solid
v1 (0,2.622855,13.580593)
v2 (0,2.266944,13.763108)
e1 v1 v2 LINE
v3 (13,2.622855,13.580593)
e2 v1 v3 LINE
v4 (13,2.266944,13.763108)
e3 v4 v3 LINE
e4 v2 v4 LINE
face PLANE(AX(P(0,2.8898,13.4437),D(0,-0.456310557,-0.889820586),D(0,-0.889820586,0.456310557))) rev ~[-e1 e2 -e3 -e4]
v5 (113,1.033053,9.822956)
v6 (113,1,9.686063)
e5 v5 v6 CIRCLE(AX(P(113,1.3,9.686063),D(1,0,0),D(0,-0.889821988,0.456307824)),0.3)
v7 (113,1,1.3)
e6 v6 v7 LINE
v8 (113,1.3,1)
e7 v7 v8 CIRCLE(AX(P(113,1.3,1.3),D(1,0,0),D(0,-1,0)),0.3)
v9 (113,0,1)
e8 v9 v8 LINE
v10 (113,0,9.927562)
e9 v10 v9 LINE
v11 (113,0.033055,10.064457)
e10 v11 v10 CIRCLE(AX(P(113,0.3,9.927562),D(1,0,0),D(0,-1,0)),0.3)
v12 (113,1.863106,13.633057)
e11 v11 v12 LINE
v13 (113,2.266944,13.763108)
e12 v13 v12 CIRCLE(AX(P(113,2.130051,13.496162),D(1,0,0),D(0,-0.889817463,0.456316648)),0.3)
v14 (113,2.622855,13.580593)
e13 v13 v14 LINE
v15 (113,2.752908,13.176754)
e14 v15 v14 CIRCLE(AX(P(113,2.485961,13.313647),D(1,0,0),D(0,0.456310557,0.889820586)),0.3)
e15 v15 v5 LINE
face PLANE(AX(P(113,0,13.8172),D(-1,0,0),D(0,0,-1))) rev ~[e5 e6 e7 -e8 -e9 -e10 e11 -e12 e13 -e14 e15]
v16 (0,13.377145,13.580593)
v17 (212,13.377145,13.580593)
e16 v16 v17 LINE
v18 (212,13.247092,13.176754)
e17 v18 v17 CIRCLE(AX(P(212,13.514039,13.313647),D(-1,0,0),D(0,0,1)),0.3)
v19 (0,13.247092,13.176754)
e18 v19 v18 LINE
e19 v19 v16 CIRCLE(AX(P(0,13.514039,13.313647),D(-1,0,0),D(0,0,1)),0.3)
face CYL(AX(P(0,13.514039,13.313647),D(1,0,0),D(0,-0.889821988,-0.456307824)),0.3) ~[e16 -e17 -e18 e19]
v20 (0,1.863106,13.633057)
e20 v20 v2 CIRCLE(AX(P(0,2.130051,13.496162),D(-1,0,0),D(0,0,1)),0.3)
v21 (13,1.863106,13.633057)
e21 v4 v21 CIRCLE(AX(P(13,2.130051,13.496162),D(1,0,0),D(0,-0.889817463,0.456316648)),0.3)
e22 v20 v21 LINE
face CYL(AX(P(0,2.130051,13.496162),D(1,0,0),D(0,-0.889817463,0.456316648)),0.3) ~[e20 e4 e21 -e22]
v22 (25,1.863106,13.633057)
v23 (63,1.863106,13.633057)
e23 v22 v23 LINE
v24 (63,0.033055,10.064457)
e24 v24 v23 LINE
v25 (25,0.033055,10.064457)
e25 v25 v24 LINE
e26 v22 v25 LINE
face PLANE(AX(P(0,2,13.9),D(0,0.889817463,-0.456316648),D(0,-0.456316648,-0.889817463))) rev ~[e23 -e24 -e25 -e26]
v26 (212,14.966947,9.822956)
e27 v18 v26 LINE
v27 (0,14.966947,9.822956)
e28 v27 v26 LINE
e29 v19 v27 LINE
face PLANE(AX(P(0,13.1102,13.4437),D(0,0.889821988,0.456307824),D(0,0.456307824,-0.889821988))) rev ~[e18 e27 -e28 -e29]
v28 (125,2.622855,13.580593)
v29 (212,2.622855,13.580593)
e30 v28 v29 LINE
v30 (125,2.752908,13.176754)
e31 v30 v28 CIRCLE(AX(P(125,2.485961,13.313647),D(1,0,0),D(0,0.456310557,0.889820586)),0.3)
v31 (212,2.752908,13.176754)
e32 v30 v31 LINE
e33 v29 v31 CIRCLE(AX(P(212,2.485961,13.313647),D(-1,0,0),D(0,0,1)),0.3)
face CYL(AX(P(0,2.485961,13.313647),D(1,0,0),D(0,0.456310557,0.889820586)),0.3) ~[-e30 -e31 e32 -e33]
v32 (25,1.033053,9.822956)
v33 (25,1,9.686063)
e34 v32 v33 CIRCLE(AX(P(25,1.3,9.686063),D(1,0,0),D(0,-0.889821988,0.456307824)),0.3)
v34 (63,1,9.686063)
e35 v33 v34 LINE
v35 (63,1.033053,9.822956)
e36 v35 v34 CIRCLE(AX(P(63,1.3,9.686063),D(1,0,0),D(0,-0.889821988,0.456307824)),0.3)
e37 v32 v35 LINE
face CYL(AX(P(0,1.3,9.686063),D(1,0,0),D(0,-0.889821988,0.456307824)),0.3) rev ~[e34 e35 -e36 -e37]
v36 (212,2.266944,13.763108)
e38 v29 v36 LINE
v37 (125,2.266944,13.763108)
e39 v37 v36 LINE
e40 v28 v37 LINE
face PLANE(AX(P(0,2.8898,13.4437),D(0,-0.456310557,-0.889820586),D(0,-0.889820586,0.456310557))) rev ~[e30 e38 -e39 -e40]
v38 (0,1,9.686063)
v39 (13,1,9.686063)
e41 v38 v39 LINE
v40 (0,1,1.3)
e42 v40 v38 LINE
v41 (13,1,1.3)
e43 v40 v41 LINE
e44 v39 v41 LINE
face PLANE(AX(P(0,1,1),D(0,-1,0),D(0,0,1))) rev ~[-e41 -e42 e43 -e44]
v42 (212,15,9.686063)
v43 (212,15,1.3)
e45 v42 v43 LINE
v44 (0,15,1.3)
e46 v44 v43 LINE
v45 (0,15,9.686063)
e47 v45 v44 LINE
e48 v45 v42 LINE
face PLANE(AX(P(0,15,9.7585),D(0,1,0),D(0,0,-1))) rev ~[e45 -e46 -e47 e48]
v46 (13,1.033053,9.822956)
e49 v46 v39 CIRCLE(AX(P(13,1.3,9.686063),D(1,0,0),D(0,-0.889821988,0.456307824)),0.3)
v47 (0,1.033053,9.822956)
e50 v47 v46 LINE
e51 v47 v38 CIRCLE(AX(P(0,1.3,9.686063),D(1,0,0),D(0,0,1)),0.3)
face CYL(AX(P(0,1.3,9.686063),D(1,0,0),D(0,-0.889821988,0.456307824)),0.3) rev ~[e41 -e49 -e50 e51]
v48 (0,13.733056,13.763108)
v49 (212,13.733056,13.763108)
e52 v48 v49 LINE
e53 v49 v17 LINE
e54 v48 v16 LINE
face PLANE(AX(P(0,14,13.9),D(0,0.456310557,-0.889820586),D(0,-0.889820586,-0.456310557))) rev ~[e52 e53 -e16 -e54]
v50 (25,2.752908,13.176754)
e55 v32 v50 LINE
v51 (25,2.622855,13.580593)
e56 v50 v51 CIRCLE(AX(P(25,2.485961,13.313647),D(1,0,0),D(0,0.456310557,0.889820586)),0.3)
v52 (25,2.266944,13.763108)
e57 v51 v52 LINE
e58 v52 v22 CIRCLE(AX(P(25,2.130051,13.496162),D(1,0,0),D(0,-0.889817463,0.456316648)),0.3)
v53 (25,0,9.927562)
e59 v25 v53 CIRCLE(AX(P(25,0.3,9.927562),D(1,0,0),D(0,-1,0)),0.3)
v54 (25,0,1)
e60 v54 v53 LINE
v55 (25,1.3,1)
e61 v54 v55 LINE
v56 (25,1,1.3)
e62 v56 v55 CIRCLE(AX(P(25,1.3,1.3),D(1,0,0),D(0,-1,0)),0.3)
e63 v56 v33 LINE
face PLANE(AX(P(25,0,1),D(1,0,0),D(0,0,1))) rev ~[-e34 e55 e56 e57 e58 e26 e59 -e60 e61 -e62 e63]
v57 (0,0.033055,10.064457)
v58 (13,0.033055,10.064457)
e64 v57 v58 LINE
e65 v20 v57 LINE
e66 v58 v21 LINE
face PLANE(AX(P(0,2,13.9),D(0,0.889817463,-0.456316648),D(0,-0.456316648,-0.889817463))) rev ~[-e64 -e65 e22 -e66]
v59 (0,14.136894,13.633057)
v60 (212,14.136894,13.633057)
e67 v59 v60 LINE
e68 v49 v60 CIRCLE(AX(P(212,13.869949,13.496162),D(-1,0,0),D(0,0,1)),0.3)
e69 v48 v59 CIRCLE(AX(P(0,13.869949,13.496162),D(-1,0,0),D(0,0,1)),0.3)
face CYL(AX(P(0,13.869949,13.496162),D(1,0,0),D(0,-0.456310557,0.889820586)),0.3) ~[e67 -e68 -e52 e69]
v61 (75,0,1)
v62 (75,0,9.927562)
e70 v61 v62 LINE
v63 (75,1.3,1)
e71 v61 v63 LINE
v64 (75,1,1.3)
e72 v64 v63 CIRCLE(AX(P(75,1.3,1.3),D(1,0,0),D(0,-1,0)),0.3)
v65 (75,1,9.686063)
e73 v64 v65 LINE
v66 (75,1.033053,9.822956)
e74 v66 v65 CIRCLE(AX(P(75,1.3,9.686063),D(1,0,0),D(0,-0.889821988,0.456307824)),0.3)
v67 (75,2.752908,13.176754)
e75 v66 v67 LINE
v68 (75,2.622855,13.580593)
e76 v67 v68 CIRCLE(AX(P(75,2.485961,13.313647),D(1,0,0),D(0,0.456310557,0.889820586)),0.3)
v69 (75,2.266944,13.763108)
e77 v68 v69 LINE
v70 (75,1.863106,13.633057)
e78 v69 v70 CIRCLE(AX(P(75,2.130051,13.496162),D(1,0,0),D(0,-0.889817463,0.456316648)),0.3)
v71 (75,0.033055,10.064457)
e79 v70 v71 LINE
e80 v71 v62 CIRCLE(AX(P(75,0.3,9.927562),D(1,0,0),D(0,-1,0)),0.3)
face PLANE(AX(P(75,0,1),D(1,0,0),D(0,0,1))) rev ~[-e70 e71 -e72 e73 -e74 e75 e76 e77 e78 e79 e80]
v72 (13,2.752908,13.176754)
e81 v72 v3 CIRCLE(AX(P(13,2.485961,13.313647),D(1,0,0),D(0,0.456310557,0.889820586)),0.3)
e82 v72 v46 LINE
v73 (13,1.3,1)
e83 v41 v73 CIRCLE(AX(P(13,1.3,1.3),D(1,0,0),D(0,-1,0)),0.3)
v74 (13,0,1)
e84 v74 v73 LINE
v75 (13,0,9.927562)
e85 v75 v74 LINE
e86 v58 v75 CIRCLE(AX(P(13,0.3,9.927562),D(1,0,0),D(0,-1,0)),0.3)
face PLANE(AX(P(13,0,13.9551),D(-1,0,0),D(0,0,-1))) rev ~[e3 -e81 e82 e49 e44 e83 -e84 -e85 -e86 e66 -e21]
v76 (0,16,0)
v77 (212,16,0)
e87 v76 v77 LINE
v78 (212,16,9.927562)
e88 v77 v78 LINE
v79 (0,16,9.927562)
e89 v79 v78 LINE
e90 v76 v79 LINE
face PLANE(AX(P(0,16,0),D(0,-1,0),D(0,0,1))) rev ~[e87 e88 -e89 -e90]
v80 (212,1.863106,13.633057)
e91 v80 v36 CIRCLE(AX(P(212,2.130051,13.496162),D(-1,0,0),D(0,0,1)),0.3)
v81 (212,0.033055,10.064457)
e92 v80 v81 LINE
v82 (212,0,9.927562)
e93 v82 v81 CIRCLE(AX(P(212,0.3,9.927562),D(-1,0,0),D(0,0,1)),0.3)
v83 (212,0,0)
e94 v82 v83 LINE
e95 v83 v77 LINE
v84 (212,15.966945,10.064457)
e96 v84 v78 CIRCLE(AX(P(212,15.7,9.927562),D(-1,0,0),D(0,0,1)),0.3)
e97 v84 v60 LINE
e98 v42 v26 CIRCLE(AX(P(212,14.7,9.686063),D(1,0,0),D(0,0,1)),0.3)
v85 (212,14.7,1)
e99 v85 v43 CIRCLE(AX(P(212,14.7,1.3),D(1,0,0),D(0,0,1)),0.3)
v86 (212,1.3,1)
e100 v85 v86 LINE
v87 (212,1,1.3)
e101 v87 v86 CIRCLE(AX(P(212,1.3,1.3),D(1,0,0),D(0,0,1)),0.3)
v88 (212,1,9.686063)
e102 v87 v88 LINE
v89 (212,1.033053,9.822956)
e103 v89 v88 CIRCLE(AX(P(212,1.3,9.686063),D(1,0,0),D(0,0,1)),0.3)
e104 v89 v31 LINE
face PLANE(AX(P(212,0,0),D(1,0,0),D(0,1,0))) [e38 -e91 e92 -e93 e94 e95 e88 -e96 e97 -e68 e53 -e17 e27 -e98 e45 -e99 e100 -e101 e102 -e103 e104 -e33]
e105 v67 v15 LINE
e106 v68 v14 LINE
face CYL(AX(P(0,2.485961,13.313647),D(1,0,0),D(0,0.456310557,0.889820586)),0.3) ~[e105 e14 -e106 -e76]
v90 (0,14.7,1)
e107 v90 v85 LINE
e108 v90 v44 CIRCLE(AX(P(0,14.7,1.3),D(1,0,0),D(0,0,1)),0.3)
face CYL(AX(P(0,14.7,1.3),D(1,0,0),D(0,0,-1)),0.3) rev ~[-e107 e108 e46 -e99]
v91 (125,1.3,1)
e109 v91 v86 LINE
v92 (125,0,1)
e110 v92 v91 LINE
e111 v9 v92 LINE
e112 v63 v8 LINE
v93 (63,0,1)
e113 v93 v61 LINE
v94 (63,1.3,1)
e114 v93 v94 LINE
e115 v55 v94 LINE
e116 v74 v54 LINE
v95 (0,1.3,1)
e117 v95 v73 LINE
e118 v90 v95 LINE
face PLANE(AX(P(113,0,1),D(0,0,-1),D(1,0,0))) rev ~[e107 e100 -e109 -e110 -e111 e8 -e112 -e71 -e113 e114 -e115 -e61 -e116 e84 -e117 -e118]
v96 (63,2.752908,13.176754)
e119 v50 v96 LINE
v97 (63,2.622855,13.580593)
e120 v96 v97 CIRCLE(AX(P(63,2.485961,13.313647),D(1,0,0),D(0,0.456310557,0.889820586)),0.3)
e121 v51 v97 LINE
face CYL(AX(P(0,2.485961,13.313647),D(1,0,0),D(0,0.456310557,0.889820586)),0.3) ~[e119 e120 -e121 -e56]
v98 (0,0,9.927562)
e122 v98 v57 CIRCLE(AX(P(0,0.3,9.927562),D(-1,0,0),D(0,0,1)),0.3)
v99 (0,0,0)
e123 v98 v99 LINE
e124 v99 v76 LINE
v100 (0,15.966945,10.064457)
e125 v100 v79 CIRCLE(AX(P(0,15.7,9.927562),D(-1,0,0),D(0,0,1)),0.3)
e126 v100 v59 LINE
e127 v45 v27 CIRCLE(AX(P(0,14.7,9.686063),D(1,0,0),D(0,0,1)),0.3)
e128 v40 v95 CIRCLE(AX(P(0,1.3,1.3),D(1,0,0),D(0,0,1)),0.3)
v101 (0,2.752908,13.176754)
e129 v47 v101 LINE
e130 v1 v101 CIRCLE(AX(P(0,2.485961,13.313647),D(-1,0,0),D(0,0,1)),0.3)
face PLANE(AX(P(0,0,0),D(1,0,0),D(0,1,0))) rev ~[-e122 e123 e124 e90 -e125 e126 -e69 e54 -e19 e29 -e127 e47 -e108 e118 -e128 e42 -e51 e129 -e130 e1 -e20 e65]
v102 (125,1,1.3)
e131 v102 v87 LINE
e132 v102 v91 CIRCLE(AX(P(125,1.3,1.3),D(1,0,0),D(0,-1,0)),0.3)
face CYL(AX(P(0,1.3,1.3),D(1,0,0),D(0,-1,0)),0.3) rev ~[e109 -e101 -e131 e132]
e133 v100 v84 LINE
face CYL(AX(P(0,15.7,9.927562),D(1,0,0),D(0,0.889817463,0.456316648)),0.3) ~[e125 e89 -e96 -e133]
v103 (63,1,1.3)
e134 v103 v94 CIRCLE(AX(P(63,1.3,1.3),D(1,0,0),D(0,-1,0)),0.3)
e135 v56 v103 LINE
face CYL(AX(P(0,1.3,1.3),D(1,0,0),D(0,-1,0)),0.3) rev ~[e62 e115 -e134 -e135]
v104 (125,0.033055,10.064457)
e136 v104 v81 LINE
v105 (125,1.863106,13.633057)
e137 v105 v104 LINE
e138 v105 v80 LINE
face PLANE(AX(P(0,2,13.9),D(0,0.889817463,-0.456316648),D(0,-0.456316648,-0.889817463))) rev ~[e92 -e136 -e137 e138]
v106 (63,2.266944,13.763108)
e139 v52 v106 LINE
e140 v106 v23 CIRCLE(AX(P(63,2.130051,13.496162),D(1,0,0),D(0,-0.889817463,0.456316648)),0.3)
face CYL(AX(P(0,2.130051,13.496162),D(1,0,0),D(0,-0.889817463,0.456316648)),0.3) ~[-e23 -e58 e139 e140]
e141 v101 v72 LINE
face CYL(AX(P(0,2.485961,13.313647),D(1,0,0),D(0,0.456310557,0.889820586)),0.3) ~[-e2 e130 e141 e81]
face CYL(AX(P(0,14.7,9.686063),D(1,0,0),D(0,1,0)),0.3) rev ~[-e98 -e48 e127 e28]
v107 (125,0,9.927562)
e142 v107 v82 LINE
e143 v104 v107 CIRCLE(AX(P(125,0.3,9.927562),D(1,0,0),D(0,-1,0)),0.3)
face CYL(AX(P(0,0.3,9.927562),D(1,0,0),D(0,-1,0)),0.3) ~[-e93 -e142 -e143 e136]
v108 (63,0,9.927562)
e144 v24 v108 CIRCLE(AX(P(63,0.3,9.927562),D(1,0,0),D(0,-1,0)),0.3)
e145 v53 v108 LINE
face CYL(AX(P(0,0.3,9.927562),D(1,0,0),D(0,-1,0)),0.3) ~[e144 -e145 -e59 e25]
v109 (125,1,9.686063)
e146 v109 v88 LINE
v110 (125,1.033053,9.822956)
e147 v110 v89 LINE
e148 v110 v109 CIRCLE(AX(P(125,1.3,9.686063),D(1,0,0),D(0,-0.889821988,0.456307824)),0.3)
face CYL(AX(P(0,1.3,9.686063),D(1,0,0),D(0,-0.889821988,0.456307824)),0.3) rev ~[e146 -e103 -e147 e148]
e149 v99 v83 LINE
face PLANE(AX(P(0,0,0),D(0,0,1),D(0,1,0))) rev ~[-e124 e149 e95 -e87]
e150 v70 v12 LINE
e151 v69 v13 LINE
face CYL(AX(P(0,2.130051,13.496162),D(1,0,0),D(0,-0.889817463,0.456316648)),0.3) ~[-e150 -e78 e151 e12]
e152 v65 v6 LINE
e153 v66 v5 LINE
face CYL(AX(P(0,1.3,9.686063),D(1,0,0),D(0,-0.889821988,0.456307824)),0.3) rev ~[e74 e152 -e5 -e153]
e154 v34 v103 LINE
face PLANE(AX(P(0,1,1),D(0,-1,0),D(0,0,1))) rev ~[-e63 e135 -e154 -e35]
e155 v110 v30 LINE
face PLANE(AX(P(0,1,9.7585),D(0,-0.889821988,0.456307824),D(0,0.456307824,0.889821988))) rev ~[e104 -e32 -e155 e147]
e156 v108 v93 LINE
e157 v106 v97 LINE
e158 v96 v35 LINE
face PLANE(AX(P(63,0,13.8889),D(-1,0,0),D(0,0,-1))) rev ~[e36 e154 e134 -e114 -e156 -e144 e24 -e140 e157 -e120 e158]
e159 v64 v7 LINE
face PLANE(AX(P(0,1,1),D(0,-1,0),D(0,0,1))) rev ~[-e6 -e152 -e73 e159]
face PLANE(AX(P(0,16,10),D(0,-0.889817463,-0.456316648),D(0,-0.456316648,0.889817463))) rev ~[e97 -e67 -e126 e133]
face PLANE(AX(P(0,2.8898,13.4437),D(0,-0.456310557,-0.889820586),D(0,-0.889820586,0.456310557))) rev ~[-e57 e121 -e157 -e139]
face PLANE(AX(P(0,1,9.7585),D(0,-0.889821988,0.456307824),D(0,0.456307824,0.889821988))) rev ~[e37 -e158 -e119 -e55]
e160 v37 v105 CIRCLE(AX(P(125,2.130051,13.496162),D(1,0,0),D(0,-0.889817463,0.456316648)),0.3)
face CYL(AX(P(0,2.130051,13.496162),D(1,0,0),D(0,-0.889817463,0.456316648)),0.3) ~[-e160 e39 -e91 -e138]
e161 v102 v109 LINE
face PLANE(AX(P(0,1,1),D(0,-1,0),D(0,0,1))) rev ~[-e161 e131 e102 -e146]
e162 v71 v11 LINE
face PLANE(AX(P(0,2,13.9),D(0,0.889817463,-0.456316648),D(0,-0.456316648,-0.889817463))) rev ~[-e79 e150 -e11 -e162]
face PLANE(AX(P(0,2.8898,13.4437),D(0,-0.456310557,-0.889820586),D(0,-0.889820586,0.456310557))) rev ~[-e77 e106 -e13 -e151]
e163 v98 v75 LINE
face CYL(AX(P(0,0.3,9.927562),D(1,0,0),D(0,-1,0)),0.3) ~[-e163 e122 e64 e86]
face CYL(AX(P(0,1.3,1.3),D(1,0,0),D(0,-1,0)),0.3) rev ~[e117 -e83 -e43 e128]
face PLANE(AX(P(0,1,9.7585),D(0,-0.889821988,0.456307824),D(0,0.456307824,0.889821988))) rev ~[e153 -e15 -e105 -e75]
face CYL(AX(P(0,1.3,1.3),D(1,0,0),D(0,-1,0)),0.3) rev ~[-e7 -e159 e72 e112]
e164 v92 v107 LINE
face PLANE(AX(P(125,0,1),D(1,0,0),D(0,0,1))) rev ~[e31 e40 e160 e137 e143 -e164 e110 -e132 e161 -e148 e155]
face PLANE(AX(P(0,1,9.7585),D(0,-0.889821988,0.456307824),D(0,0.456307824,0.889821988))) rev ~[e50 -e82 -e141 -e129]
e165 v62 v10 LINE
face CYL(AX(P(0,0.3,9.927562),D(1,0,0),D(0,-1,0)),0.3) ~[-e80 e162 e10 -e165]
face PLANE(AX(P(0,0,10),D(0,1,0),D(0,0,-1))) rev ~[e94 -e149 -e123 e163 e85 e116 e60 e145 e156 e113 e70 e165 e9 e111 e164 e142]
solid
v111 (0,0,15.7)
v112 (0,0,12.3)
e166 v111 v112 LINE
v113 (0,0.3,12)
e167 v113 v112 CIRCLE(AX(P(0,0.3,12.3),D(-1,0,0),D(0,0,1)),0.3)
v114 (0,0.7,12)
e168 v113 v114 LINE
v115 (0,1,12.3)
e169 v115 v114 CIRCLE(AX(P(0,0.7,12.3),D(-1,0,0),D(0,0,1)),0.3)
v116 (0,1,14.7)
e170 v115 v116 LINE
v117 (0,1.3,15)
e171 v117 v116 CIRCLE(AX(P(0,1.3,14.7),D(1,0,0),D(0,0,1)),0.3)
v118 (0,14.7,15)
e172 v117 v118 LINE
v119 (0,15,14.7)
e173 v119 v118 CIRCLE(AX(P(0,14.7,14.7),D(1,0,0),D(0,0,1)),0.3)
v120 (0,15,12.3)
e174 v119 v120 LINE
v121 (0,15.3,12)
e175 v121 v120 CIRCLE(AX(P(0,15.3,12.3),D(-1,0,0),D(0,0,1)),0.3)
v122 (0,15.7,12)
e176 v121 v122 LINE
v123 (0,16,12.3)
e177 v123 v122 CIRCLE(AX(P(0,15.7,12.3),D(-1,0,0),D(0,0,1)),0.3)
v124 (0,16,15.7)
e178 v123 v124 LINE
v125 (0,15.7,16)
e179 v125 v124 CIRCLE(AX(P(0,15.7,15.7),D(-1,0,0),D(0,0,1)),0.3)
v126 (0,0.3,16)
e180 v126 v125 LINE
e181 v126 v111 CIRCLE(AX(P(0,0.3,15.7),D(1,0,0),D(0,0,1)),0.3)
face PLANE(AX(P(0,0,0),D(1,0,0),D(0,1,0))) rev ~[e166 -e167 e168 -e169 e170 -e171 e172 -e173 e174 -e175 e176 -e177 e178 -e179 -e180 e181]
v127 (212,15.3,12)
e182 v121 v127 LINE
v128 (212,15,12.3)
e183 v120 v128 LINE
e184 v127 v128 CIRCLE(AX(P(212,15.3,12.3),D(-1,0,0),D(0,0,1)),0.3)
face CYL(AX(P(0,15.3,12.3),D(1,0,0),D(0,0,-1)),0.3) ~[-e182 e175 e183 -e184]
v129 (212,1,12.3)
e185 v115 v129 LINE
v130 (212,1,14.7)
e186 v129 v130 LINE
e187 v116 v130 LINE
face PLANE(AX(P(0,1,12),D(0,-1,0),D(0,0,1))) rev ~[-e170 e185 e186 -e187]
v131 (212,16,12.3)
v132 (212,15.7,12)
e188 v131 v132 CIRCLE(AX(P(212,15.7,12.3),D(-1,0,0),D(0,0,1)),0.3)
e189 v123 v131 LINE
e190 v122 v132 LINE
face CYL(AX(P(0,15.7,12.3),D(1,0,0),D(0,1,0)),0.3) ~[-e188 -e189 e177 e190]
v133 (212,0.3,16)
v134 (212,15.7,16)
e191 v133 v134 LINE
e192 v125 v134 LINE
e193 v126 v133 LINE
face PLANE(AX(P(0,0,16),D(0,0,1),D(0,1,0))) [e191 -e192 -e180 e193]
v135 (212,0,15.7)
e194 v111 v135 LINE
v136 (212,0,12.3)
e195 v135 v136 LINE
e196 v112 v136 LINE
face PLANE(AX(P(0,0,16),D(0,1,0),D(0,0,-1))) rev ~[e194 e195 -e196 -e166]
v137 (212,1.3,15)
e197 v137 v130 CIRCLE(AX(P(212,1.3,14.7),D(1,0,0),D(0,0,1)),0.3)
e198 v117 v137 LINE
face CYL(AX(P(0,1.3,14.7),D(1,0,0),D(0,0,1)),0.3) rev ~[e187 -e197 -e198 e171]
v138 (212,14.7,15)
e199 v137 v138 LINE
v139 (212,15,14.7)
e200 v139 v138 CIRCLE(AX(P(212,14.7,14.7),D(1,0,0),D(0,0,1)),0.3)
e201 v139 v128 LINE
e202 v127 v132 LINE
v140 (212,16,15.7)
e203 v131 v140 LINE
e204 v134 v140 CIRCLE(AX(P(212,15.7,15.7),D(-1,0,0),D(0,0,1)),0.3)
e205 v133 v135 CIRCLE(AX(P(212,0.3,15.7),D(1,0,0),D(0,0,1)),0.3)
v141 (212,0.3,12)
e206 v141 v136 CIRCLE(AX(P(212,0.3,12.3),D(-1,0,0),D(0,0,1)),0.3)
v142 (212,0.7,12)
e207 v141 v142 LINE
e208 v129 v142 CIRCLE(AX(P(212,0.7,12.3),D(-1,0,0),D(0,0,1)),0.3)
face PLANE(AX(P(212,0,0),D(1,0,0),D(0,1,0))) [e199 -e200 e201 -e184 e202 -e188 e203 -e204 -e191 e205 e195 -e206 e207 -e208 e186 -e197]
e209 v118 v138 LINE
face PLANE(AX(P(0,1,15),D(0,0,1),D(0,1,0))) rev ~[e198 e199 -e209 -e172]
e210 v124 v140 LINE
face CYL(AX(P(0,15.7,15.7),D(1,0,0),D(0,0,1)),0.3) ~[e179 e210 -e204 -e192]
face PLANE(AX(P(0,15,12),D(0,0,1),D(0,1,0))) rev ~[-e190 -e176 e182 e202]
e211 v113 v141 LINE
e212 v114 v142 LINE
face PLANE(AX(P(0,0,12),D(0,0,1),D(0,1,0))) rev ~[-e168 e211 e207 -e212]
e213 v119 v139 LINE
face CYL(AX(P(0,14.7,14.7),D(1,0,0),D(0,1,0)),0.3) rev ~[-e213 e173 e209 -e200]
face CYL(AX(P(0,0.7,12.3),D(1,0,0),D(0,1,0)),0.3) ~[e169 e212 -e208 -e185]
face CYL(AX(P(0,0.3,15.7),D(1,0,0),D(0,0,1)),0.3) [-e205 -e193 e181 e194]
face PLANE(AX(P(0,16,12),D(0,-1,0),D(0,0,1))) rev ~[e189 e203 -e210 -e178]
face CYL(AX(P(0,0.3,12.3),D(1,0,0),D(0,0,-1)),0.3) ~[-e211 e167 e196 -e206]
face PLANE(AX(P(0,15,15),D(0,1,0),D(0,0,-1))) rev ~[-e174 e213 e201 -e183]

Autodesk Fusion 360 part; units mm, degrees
sketch "16 mm x 16 mm conduit piping shape" plane through (0, 0, 0) normal (1, 0, 0) x (0, 1, 0)
  line L0 (0, 0) -> (16, 0)
  line L1 (16, 0) -> (16, 10)
  line L2 (16, 10) -> (14, 13.9)
  line L3 (14, 13.9) -> (13.1102, 13.4437)
  line L4 (13.1102, 13.4437) -> (15, 9.7585)
  line L5 (15, 9.7585) -> (15, 1)
  line L6 (15, 1) -> (1, 1)
  line L7 (1, 1) -> (1, 9.7585)
  line L8 (1, 9.7585) -> (2.8898, 13.4437)
  line L9 (2.8898, 13.4437) -> (2, 13.9)
  line L10 (2, 13.9) -> (0, 10)
  line L11 (0, 10) -> (0, 0)
  line L12 (0, 16) -> (16, 16)
  line L13 (0, 16) -> (0, 12)
  line L14 (0, 12) -> (1, 12)
  line L15 (1, 12) -> (1, 15)
  line L16 (1, 15) -> (15, 15)
  line L17 (15, 15) -> (15, 12)
  line L18 (15, 12) -> (16, 12)
  line L19 (16, 12) -> (16, 16)
  dimension "d1" = 1
  dimension "d2" = 16
  dimension "d3" = 1
  dimension "d4" = 1
  dimension "d7" = 10
  dimension "d8" = 10
  dimension "d9" = 16
  dimension "d10" = 1
  dimension "d11" = 1
  dimension "d12" = 1
  dimension "d13" = 4
  dimension "d14" = 4
  dimension "d15" = 16
  dimension "d16" = 2
  dimension "d17" = 2
  dimension "d18" = 1
  dimension "d19" = 1
extrude "Extrude1" add sketch "16 mm x 16 mm conduit piping shape" along normal blind 212 makes body 1 at (70.6667, 5.3333, 16) makes body 2 at (70.6667, 5.3333, 0)
fillet "Fillet1" radius 0.3 18 edges at (106, 0, 16) (106, 16, 16) (106, 16, 12) (106, 0, 12) (106, 1, 12) (106, 15, 12) (106, 1, 15) (106, 15, 15) (106, 0, 10) (106, 16, 10) (106, 14, 13.9) (106, 13.1102, 13.4437) (106, 2, 13.9) (106, 2.8898, 13.4437) (106, 15, 1) (106, 1, 1) (106, 1, 9.7585) (106, 15, 9.7585) on bodies 1 2
sketch "Sketch2" plane through (0, 0, 0) normal (0, 1, 0) x (1, 0, 0)
  line L0 (13, -1) -> (25, -1)
  line L1 (25, -1) -> (25, -13.9551)
  line L2 (25, -13.9551) -> (13, -13.9551)
  line L3 (13, -13.9551) -> (13, -1)
  line L4 (63, -1) -> (75, -1)
  line L5 (75, -1) -> (75, -13.8889)
  line L6 (75, -13.8889) -> (63, -13.8889)
  line L7 (63, -13.8889) -> (63, -1)
  line L8 (113, -1) -> (125, -1)
  line L9 (125, -1) -> (125, -13.8172)
  line L10 (125, -13.8172) -> (113, -13.8172)
  line L11 (113, -13.8172) -> (113, -1)
  line L12 (0, -9.9276) -> (0, 0)
  line L13 (0, 0) -> (212, 0)
  dimension "d24" = 12
  dimension "d25" = 12
  dimension "d26" = 12
  dimension "d27" = 13
  dimension "d28" = 38
  dimension "d29" = 38
  dimension "d30" = 1
  dimension "d31" = 1
  dimension "d32" = 1
extrude "Extrude2" cut sketch "Sketch2" along normal blind 3 bodies 2
equation "d1 = conduitThickness"
equation "d2 = conduitWidth"
equation "d3 = conduitThickness"
equation "d4 = conduitThickness"
equation "conduitThickness = 1 mm" comment "Thickness of the PVC conduit piping"
equation "conduitWidth = 16 mm" comment "Size of the outer dimensions of the conduit piping"
equation "d9 = conduitWidth"
equation "d10 = conduitThickness"
equation "d11 = conduitThickness"
equation "d12 = conduitThickness"
